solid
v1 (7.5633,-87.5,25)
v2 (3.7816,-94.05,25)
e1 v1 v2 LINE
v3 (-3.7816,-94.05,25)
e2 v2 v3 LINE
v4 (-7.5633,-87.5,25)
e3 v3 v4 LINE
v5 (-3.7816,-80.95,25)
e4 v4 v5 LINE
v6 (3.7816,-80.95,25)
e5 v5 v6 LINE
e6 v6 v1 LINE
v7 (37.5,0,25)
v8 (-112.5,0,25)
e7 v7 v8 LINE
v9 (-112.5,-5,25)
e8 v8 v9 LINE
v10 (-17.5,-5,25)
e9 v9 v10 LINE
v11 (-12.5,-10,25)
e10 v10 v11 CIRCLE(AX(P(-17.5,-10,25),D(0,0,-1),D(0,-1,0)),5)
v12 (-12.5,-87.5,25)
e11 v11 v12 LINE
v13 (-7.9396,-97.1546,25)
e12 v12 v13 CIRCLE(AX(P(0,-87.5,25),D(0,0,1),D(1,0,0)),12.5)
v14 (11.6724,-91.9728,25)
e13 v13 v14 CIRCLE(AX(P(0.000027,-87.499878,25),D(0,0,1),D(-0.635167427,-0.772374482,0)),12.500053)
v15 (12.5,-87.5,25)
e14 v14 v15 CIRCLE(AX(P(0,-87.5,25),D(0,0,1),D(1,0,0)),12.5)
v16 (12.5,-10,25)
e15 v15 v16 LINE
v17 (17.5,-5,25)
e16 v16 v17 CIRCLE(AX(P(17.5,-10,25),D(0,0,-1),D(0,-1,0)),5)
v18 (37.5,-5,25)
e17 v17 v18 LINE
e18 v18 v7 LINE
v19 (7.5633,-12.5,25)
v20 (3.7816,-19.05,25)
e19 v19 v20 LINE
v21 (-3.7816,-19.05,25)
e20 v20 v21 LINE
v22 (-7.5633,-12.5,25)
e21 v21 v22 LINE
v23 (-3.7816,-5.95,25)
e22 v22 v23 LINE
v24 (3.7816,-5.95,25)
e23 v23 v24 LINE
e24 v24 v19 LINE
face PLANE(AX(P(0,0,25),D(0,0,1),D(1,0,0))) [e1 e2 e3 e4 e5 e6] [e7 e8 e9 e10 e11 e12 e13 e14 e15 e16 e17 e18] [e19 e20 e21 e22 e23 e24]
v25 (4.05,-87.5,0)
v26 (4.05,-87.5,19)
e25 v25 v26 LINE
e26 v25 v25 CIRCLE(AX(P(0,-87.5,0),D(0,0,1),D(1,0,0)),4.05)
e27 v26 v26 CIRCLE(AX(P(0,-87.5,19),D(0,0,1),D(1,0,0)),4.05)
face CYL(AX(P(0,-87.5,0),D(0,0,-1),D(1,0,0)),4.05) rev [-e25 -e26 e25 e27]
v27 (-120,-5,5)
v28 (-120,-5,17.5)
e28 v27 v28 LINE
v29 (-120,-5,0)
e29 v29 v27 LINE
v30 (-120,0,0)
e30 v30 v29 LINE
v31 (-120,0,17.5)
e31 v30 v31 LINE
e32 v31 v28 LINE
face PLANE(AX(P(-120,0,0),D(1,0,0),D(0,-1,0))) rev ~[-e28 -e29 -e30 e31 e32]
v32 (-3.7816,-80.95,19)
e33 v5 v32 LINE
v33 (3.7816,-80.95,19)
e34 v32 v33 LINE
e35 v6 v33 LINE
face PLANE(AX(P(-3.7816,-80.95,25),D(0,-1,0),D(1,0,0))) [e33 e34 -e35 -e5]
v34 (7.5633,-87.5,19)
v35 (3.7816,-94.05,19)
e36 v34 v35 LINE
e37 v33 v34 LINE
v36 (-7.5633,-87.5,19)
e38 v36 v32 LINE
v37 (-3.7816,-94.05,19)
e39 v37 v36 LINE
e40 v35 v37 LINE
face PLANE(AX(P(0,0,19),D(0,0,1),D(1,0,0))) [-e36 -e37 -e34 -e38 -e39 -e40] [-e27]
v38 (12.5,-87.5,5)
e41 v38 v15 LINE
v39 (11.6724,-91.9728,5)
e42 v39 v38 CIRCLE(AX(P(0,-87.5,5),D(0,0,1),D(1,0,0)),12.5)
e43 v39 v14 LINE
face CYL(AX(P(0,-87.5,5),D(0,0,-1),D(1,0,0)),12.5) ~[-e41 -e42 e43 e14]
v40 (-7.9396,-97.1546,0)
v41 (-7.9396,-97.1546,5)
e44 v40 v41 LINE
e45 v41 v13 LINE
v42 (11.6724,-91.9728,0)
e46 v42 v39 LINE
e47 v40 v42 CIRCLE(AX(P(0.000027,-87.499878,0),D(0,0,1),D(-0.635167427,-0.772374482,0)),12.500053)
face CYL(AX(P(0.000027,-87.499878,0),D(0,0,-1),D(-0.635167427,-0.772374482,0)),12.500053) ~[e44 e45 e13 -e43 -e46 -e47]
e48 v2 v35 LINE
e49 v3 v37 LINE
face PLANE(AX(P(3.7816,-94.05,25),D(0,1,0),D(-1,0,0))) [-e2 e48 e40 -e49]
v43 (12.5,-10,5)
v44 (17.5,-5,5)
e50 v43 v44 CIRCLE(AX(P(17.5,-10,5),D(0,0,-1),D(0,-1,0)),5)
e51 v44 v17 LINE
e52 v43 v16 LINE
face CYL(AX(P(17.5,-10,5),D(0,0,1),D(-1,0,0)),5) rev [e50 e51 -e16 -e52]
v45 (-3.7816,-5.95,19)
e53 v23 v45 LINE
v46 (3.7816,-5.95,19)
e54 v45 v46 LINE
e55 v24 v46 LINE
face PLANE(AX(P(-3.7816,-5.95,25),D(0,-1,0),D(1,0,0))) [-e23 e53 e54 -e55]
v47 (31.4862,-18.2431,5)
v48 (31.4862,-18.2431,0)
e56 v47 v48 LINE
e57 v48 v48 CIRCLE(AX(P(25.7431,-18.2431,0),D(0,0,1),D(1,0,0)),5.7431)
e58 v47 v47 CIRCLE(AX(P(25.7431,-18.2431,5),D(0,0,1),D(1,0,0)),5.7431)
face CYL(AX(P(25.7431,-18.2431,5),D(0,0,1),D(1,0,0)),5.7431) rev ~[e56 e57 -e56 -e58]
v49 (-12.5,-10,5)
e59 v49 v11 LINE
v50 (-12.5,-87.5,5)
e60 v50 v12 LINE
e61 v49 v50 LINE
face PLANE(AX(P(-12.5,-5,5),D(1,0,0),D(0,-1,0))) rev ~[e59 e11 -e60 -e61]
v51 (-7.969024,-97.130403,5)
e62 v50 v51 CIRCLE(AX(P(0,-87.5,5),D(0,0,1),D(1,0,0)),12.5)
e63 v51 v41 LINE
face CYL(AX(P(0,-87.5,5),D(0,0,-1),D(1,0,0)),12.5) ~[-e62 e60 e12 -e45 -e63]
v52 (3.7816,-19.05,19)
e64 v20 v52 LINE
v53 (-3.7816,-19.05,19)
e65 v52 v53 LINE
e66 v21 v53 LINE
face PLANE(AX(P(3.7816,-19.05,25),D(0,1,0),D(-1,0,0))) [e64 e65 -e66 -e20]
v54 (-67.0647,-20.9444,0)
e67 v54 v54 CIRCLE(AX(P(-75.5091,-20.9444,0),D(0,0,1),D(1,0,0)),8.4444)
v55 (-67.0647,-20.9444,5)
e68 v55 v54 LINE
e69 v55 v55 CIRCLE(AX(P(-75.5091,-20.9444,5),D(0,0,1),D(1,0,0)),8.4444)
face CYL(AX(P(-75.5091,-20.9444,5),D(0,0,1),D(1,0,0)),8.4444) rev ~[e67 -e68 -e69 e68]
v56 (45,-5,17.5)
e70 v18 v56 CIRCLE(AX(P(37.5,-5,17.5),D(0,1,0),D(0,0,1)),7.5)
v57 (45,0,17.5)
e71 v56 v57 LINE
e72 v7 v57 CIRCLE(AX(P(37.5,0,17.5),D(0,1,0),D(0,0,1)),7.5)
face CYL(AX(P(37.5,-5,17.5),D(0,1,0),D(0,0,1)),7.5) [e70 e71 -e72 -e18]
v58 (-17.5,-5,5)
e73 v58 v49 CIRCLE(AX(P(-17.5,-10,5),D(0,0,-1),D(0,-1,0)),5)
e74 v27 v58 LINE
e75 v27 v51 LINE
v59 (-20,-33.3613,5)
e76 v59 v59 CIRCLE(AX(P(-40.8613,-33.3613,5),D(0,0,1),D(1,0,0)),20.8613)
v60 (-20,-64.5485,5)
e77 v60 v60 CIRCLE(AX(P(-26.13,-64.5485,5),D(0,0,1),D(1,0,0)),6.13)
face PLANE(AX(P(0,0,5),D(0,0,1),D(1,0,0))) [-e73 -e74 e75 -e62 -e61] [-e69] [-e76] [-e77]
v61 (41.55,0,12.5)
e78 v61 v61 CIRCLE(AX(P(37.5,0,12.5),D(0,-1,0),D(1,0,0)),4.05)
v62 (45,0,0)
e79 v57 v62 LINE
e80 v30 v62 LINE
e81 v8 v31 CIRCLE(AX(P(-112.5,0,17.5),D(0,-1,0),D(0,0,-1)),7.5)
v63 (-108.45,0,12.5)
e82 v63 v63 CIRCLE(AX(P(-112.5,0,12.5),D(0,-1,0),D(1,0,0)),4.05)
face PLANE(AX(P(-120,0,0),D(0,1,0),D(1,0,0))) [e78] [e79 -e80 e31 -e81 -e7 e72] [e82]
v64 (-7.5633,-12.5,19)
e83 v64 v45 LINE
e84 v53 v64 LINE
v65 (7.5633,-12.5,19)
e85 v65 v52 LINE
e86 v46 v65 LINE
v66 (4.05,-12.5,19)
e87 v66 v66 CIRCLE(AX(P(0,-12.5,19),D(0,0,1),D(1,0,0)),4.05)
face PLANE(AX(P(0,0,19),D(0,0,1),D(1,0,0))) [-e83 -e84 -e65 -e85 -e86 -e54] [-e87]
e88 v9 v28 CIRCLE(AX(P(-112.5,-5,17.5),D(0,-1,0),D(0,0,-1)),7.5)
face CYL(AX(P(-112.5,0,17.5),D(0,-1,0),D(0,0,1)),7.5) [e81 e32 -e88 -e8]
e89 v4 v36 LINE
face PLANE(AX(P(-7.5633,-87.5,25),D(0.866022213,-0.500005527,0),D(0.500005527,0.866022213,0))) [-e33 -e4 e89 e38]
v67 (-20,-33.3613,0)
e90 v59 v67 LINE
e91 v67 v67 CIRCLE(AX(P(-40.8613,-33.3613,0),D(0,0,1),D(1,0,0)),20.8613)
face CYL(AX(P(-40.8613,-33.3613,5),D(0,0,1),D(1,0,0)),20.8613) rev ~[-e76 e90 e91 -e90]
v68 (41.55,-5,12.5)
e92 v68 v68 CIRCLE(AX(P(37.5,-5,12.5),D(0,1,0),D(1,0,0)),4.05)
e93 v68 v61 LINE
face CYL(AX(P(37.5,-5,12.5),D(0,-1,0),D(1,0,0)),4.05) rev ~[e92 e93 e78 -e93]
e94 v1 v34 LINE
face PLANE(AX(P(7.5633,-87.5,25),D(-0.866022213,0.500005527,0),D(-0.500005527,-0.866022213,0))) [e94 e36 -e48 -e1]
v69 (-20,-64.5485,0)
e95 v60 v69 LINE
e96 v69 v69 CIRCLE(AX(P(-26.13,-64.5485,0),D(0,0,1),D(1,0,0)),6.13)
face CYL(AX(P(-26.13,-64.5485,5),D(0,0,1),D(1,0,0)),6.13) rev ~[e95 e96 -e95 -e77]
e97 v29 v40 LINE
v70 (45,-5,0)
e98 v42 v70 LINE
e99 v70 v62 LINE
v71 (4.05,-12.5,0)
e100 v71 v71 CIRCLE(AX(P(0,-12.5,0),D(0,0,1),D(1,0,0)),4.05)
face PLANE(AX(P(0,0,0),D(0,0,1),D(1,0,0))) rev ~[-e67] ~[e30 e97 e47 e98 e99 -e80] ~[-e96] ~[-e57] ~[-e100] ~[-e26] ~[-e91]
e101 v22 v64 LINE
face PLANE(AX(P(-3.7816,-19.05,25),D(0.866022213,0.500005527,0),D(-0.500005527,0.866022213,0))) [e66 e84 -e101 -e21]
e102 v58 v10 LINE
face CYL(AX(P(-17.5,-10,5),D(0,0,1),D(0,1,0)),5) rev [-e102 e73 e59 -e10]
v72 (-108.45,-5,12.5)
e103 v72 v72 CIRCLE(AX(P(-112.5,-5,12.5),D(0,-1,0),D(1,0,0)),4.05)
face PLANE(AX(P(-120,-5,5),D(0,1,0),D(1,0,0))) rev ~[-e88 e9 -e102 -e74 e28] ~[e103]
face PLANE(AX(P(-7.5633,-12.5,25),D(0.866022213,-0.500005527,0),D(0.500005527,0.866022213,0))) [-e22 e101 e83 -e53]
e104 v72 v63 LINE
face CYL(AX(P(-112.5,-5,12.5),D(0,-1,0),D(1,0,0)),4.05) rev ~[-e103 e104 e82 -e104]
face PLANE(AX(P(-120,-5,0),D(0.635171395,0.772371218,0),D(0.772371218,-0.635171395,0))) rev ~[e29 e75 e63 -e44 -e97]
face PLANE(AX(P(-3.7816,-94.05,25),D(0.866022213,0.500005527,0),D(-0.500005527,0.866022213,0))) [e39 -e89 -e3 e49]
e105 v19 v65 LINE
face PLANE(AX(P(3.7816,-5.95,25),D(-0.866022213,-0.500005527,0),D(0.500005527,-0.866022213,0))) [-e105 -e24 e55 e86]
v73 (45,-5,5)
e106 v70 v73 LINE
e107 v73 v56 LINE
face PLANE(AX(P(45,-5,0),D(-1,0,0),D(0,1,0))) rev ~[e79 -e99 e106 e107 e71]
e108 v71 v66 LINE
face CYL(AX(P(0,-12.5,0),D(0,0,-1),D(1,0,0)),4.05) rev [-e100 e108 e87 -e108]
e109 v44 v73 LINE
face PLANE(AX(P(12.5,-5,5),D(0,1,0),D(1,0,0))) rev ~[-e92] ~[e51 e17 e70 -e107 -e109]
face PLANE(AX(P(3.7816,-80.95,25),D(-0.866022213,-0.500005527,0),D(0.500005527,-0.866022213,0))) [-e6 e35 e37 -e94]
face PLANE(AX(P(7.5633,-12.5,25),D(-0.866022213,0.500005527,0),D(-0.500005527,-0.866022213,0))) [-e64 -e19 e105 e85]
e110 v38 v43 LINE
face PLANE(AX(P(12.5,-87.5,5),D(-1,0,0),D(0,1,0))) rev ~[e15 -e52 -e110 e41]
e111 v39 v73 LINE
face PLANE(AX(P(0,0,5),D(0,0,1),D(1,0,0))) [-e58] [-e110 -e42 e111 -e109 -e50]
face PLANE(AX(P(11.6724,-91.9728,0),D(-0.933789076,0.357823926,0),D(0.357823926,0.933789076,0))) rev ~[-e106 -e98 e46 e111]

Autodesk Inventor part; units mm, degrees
ref_plane "YZ Plane" through (0, 0, 0) normal (1, 0, 0) x (0, 1, 0)
ref_plane "XZ Plane" through (0, 0, 0) normal (0, 1, 0) x (-1, 0, 0)
ref_plane "XY Plane" through (0, 0, 0) normal (0, 0, 1) x (1, 0, 0)
sketch "Sketch1" plane through (0, 0, 0) normal (0, 0, 1) x (1, 0, 0)
  line L0 (-120, 0) -> (45, 0)
  circle A0 centre (0, -12.5) radius 4.05
  circle A1 centre (0, -87.5) radius 4.05
  line L1 (-120, 0) -> (-120, -5)
  line L2 (-120, -5) -> (-7.9396, -97.1546)
  arc A2 (-7.9396, -97.1546) -> (11.6724, -91.9728) centre (0, -87.5) ccw
  line L3 (11.6724, -91.9728) -> (45, -5)
  line L4 (45, -5) -> (45, 0)
  point P0 (0, 0)
  dimension "d0" = 12.5
  dimension "d1" = 75
  dimension "d2" = 8.1
  dimension "d3" = 165
  dimension "d4" = 12.5
  dimension "d5" = 5
  dimension "d6" = 45
extrude "Extrusion1" add sketch "Sketch1" along normal blind 5
sketch "Sketch2" plane through (0, 0, 5) normal (0, 0, 1) x (1, 0, 0)
  circle A0 centre (0, -87.5) radius 4.05 projected
  circle A1 centre (0, -12.5) radius 4.05 projected
  line L0 (45, 0) -> (-120, 0) projected
  line L1 (-120, 0) -> (-120, -5) projected
  arc A2 (-7.9396, -97.1546) -> (11.6724, -91.9728) centre (0, -87.5) ccw projected
  line L2 (45, -5) -> (45, 0) projected
  circle A3 centre (0, -87.5) radius 12.5
  line L3 (-120, -5) -> (-12.5, -5)
  line L4 (-12.5, -5) -> (-12.5, -87.5)
  line L5 (12.5, -87.5) -> (12.5, -5)
  line L6 (12.5, -5) -> (45, -5)
  point P0 (0, 0)
extrude "Extrusion2" add sketch "Sketch2" along normal blind 20
sketch "Sketch3" plane through (-120, -5, 5) normal (0, -1, 0) x (1, 0, 0)
  line L0 (107.5, 0) -> (0, 0) projected
  line L1 (0, 20) -> (107.5, 20) projected
  line L2 (0, 0) -> (0, 20) projected
  line L3 (165, 0) -> (132.5, 0) projected
  line L4 (165, 0) -> (165, 20) projected
  line L5 (132.5, 20) -> (165, 20) projected
  line L6 (132.5, 0) -> (132.5, 20) projected
  line L7 (7.5, 7.5) -> (157.5, 7.5)
  circle A0 centre (157.5, 7.5) radius 4.05
  circle A1 centre (7.5, 7.5) radius 4.05
  point P0 (120, -5)
  dimension "d11" = 8.1
  dimension "d13" = 150
  dimension "d14" = 7.5
  dimension "d15" = 12.5
extrude "Extrusion3" cut sketch "Sketch3" against normal through all contours A1 | A0
fillet "Fillet1" radius 5 2 edges at (12.5, -5, 15) (-12.5, -5, 15)
sketch "Sketch4" plane through (0, 0, 25) normal (0, 0, 1) x (1, 0, 0)
  circle A0 centre (0, -12.5) radius 4.05 projected
  circle A1 centre (0, -87.5) radius 4.05 projected
  arc A2 (-12.5, -87.5) -> (12.5, -87.5) centre (0, -87.5) ccw projected
  line L0 (7.5633, -12.5) -> (3.7816, -19.05)
  line L1 (3.7816, -19.05) -> (-3.7816, -19.05)
  line L2 (-3.7816, -19.05) -> (-7.5633, -12.5)
  line L3 (-7.5633, -12.5) -> (-3.7816, -5.95)
  line L4 (-3.7816, -5.95) -> (3.7816, -5.95)
  line L5 (3.7816, -5.95) -> (7.5633, -12.5)
  line L6 (7.5633, -87.5) -> (3.7816, -94.05)
  line L7 (3.7816, -94.05) -> (-3.7816, -94.05)
  line L8 (-3.7816, -94.05) -> (-7.5633, -87.5)
  line L9 (-7.5633, -87.5) -> (-3.7816, -80.95)
  line L10 (-3.7816, -80.95) -> (3.7816, -80.95)
  line L11 (3.7816, -80.95) -> (7.5633, -87.5)
  point P0 (0, 0)
  dimension "d19" = 13.1
extrude "Extrusion4" cut sketch "Sketch4" against normal blind 6
sketch "Sketch7" plane through (0, 0, 5) normal (0, 0, 1) x (1, 0, 0)
  line L0 (-120, -5) -> (-7.9396, -97.1546) projected
  circle A0 centre (-40.8613, -33.3613) radius 28.3613
  line L1 (-120, -5) -> (-17.5, -5) projected
  line L2 (-12.5, -10) -> (-12.5, -87.5) projected
  circle A1 centre (-40.8613, -33.3613) radius 20.8613
  point P0 (0, 0)
  dimension "d31" = 7.5
extrude "Extrusion7" cut sketch "Sketch7" against normal through all contours A1
sketch "Sketch8" plane through (0, 0, 5) normal (0, 0, 1) x (1, 0, 0)
  circle A0 centre (-40.8613, -33.3613) radius 20.8613 projected
  line L0 (-120, -5) -> (-7.9396, -97.1546) projected
  circle A1 centre (-75.5091, -20.9444) radius 15.9444
  circle A2 centre (-75.5091, -20.9444) radius 8.4444
  line L1 (-120, -5) -> (-17.5, -5) projected
  point P0 (0, 0)
  dimension "d37" = 7.5
extrude "Extrusion8" cut sketch "Sketch8" against normal through all contours A2
sketch "Sketch9" plane through (0, 0, 5) normal (0, 0, 1) x (1, 0, 0)
  circle A0 centre (-40.8613, -33.3613) radius 20.8613 projected
  line L0 (-120, -5) -> (-7.9396, -97.1546) projected
  circle A1 centre (-26.13, -64.5485) radius 13.63
  line L1 (-12.5, -10) -> (-12.5, -87.5) projected
  circle A2 centre (-26.13, -64.5485) radius 6.13
  point P0 (0, 0)
  dimension "d41" = 7.5
extrude "Extrusion9" cut sketch "Sketch9" against normal through all contours A2
sketch "Sketch10" plane through (0, 0, 5) normal (0, 0, 1) x (1, 0, 0)
  line L0 (11.6724, -91.9728) -> (45, -5) projected
  circle A0 centre (25.7431, -18.2431) radius 13.2431
  line L1 (17.5, -5) -> (45, -5) projected
  line L2 (12.5, -87.5) -> (12.5, -10) projected
  circle A1 centre (25.7431, -18.2431) radius 5.7431
  point P0 (0, 0)
  dimension "d45" = 7.5
extrude "Extrusion10" cut sketch "Sketch10" against normal through all contours A1
fillet "Fillet2" radius 7.5 2 edges at (-120, -2.5, 25) (45, -2.5, 25)
properties part number "board bracket right"
